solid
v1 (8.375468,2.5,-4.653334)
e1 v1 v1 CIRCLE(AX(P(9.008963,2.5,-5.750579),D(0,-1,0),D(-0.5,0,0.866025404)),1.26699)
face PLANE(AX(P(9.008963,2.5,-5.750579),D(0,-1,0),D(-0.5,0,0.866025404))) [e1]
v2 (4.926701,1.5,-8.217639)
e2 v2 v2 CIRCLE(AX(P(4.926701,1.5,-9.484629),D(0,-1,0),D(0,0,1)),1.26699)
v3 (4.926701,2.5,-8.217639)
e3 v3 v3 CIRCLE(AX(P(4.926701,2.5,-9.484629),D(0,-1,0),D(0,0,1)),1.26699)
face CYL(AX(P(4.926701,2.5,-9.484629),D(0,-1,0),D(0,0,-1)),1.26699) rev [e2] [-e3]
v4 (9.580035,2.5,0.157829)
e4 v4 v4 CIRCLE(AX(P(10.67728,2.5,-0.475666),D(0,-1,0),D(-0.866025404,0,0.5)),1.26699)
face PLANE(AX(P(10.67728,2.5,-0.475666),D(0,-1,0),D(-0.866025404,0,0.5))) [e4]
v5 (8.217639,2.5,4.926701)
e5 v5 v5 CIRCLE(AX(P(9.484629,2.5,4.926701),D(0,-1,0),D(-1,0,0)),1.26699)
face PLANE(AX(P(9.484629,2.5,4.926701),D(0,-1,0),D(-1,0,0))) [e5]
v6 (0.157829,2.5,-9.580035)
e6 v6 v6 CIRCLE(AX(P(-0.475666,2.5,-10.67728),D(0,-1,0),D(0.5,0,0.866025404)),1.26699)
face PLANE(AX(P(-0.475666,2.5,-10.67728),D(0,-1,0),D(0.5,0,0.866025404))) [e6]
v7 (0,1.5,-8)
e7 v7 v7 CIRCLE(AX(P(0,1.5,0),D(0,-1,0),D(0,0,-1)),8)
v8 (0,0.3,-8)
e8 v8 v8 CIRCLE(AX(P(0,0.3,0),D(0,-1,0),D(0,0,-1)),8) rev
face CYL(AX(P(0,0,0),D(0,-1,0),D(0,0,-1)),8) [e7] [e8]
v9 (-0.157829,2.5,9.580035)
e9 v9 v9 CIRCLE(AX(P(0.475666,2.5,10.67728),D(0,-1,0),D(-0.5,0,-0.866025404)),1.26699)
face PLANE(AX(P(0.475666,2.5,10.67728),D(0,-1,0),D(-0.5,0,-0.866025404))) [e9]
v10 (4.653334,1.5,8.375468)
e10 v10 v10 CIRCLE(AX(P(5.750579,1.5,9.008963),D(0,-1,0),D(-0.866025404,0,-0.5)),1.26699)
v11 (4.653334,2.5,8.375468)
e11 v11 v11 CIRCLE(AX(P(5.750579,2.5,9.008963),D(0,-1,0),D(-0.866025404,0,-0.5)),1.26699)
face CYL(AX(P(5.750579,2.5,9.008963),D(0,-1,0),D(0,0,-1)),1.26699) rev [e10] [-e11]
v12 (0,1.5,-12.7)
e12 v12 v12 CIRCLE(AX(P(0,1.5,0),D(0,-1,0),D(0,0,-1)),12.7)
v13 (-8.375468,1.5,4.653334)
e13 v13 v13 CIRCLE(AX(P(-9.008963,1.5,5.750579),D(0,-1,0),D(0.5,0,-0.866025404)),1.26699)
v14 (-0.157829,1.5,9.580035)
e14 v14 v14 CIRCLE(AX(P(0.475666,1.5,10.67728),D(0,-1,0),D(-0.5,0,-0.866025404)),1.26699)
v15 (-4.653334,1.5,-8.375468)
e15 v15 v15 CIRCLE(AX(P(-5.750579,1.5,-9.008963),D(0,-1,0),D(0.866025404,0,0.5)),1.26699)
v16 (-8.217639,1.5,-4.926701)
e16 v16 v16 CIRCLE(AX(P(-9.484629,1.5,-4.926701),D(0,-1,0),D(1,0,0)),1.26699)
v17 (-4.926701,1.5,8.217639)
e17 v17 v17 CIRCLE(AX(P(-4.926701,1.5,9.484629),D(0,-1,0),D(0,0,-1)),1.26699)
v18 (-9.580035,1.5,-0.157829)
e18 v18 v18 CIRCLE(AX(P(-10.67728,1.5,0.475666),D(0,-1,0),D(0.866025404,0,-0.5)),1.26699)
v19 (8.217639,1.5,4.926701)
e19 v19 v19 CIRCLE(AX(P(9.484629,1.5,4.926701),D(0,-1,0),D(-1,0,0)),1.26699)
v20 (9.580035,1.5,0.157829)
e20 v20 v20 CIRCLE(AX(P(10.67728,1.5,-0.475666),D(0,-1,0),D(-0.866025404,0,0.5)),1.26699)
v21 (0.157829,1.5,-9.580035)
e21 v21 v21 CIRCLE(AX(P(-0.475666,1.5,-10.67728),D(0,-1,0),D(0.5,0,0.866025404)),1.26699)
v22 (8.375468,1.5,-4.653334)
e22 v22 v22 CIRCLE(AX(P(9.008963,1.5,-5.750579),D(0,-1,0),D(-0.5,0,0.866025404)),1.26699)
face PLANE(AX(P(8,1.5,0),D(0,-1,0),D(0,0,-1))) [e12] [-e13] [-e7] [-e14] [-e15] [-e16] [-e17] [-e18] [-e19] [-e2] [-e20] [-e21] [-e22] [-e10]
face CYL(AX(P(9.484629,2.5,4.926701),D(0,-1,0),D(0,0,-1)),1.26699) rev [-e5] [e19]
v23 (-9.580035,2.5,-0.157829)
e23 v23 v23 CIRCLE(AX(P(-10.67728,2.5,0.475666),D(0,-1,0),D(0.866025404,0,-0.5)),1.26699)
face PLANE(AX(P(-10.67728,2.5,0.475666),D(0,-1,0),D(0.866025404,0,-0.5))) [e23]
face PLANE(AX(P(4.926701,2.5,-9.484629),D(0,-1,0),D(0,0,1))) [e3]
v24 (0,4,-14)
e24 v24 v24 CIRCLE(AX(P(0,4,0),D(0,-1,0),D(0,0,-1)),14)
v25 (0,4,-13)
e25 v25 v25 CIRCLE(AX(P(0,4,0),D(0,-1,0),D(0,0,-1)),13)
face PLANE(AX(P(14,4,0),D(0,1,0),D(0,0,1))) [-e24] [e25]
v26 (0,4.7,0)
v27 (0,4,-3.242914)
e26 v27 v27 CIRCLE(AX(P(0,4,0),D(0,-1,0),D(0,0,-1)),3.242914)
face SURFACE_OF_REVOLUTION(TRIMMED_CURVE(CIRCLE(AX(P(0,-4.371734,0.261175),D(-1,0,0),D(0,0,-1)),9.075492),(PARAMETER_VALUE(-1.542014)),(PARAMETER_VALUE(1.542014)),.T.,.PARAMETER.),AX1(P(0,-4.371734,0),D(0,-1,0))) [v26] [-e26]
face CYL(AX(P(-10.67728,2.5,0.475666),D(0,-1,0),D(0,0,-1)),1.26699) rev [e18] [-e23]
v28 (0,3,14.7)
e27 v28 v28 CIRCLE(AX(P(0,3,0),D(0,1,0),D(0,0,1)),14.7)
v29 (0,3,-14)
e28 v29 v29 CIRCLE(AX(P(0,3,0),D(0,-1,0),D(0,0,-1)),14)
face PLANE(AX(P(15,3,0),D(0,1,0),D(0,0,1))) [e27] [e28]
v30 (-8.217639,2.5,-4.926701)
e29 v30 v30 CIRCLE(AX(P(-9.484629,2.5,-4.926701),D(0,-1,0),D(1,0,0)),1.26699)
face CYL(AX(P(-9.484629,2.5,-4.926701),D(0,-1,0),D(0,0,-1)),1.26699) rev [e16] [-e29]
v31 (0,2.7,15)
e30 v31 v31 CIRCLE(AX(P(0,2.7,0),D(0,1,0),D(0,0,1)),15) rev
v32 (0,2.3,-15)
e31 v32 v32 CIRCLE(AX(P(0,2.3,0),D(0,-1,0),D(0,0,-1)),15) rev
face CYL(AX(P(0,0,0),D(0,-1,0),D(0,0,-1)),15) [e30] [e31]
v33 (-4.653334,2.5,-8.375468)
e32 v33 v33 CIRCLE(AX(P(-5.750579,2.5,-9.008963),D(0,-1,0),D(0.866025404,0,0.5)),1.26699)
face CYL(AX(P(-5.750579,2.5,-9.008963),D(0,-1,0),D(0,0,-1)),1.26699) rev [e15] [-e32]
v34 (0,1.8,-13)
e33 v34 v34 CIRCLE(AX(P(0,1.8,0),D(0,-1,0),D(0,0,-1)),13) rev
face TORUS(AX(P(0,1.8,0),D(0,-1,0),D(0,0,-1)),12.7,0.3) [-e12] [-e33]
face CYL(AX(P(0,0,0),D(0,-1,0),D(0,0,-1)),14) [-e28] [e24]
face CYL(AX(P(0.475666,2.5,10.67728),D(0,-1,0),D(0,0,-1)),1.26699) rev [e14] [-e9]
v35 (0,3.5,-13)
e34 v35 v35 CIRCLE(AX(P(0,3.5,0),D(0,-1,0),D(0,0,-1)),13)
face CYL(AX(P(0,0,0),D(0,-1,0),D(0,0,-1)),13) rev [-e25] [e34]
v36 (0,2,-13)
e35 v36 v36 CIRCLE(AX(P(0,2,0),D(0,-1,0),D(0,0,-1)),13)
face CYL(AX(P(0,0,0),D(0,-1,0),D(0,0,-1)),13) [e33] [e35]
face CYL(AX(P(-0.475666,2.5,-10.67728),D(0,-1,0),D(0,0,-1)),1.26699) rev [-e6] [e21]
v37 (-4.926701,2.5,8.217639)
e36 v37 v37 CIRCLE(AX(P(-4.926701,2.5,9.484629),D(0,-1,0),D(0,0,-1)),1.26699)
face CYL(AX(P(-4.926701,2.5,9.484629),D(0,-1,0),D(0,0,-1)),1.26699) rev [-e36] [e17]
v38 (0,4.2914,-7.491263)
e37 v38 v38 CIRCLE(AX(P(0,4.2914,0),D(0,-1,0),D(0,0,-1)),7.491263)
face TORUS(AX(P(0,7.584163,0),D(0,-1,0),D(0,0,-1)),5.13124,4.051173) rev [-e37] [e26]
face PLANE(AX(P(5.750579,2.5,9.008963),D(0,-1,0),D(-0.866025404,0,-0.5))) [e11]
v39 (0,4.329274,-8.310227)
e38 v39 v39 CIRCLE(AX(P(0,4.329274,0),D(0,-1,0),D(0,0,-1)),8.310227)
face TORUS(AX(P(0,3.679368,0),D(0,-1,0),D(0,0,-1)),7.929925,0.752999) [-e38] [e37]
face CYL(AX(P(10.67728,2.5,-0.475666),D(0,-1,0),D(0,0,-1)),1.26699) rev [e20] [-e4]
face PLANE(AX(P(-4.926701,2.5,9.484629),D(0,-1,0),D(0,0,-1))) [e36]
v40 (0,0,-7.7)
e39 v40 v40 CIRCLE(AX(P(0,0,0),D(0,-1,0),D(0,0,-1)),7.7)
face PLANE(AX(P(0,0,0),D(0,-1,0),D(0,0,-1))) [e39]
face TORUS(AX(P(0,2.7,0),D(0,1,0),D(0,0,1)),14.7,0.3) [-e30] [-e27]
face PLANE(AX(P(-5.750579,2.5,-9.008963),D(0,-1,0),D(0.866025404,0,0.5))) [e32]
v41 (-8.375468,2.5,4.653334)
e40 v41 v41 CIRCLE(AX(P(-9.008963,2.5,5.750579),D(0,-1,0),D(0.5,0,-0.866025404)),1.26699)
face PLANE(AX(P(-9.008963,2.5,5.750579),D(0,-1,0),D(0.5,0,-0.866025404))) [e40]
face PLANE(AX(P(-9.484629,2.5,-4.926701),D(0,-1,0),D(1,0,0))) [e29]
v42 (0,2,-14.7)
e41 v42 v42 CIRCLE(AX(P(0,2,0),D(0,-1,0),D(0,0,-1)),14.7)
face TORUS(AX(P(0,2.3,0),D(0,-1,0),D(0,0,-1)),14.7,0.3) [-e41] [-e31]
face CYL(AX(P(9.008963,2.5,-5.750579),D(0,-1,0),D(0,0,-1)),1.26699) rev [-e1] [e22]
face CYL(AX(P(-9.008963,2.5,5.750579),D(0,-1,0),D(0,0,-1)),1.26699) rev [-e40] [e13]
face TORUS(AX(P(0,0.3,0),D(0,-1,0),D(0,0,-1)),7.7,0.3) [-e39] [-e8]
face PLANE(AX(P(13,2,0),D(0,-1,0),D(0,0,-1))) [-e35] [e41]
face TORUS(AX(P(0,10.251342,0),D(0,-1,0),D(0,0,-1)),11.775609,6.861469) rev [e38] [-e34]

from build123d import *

# Parameters (mm, degrees)
ESQUISSE2_R                  = 1.266989932
ENL_V_MAT_EXTRU_1_DEPTH      = 1
R_P_TITION_CIRCULAIRE1_COUNT = 12
CONG_1_R                     = 0.3


with BuildPart() as part:
    # Esquisse1 → Révolution1 (revolve)
    with BuildSketch(Plane.XY):
        with BuildLine():
            Line((0, 0), (8, 0))
            Line((8, 0), (8, 1.5))
            Line((8, 1.5), (13, 1.5))
            Line((13, 1.5), (13, 2))
            Line((13, 2), (15, 2))
            Line((15, 2), (15, 3))
            Line((15, 3), (14, 3))
            Line((14, 3), (14, 4))
            Line((14, 4), (13, 4))
            Line((13, 4), (13, 3.5))
            ThreePointArc((13, 3.5), (10.580856411, 3.49469197), (8.31022741, 4.329274392))
            ThreePointArc((8.31022741, 4.329274392), (7.895139016, 4.43156332), (7.491263177, 4.291400178))
            ThreePointArc((7.491263177, 4.291400178), (5.408463785, 3.542487021), (3.242913948, 4))
            ThreePointArc((3.242913948, 4), (1.653714853, 4.49944218), (0, 4.7))
            Line((0, 4.7), (0, 0))
        make_face()
    revolve(axis=Axis((0, 0, 0), (0, 1, 0)))

    # Esquisse2 → Enlèv. mat.-Extru.1 (cut)
    with BuildSketch(Plane.XZ.offset(-1.5)):
        with Locations((-4.926700853, 9.484629088)):
            Circle(ESQUISSE2_R)
    enl_v_mat_extru_1 = extrude(amount=-ENL_V_MAT_EXTRU_1_DEPTH, mode=Mode.SUBTRACT)

    # Répétition circulaire1: Enlèv. mat.-Extru.1 ×12 about axis
    r_p_tition_circulaire1_axis = Axis((0, -0.235, 0), (0, 1, 0))
    for i in range(1, R_P_TITION_CIRCULAIRE1_COUNT):
        add(enl_v_mat_extru_1.rotate(r_p_tition_circulaire1_axis, i * 360 / R_P_TITION_CIRCULAIRE1_COUNT), mode=Mode.SUBTRACT)

    # Congé1
    cong_1_edges = [part.edges().sort_by_distance(p)[0] for p in [
        (-15, 3, 0),
        (-15, 2, 0),
        (-13, 1.5, 0),
        (-8, 0, 0),
    ]]
    fillet(cong_1_edges, radius=CONG_1_R)


solid = part.part
